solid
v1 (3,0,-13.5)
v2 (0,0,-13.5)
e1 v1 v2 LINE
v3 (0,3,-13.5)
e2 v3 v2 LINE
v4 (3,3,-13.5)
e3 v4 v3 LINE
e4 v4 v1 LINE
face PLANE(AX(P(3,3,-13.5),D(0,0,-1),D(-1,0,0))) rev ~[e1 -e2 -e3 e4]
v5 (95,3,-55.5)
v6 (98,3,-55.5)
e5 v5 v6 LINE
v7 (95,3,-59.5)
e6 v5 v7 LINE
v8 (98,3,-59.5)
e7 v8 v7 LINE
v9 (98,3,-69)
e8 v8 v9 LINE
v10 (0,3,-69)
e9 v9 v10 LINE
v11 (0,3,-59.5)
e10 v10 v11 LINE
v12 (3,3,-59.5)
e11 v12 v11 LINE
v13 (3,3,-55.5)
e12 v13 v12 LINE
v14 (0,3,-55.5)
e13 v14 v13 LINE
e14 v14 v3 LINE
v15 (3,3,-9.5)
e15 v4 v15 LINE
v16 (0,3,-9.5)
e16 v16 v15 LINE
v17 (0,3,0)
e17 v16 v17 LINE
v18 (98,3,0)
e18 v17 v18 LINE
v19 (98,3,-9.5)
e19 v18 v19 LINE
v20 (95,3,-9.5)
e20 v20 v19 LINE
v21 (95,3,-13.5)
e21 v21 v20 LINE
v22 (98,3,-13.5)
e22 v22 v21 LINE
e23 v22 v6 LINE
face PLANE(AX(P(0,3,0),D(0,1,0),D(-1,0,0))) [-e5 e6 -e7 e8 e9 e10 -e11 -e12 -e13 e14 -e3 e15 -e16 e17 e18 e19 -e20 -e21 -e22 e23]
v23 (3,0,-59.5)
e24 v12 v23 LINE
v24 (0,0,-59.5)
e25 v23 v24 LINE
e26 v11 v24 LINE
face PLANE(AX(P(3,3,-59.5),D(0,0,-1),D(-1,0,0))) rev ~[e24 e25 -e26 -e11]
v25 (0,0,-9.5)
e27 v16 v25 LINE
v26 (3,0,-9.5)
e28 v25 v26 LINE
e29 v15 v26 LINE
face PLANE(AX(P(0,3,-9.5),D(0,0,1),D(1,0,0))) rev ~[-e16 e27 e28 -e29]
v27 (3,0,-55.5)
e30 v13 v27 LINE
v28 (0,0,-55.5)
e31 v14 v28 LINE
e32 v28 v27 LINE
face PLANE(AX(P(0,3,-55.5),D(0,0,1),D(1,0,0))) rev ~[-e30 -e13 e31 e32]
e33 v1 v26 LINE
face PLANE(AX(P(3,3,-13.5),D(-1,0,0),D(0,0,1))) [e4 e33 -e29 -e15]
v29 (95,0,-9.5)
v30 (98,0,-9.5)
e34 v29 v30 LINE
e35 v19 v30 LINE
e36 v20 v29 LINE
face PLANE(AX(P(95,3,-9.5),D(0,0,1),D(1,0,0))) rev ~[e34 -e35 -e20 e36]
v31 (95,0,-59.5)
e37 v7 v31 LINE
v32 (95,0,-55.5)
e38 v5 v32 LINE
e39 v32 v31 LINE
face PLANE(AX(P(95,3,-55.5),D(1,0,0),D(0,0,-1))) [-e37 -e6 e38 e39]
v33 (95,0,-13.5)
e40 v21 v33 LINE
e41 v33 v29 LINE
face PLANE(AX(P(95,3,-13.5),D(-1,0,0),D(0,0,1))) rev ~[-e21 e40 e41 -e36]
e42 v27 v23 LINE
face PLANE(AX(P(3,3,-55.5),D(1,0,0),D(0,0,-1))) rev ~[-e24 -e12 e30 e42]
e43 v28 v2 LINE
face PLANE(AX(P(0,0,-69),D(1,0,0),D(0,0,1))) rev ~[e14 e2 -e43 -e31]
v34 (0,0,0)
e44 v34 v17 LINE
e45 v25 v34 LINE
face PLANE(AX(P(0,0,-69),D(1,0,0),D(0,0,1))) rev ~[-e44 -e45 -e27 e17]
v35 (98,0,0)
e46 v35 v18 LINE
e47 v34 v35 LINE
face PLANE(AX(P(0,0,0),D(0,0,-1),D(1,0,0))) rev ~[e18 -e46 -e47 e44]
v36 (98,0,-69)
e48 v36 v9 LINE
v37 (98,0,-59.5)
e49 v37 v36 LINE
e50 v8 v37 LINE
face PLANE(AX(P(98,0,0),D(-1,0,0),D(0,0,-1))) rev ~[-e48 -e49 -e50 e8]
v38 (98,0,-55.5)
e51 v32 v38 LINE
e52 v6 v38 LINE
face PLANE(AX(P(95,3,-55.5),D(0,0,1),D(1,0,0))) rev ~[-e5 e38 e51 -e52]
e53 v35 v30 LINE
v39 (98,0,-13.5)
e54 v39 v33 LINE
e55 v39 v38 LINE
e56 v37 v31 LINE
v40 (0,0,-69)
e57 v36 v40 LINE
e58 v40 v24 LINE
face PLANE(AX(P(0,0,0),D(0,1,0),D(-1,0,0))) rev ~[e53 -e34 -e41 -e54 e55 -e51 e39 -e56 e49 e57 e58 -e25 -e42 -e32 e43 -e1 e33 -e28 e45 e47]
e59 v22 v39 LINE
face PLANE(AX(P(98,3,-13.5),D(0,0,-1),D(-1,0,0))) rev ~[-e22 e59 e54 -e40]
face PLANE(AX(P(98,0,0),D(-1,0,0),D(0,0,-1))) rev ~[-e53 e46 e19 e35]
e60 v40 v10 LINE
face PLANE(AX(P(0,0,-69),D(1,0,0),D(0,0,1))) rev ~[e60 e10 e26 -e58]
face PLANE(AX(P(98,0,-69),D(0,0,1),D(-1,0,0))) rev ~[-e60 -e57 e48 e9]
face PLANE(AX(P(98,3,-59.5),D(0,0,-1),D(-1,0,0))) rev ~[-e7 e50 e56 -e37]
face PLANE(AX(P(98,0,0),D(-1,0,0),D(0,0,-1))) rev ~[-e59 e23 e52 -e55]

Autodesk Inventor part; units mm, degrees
ref_plane "YZ Plane" through (0, 0, 0) normal (1, 0, 0) x (0, 1, 0)
ref_plane "XZ Plane" through (0, 0, 0) normal (0, 1, 0) x (-1, 0, 0)
ref_plane "XY Plane" through (0, 0, 0) normal (0, 0, 1) x (1, 0, 0)
sketch "Sketch1" plane through (0, 0, 0) normal (0, 1, 0) x (-1, 0, 0)
  line L0 (0, 0) -> (-98, 0)
  line L1 (-98, 0) -> (-98, -69)
  line L2 (-98, -69) -> (0, -69)
  line L3 (0, -69) -> (0, 0)
  dimension "d0" = 98
  dimension "d1" = 69
extrude "Extrusion1" add sketch "Sketch1" along normal blind 3
sketch "Sketch2" plane through (0, 3, 0) normal (0, 1, 0) x (1, 0, 0)
  line L0 (0, 69) -> (0, 0) projected
  line L1 (0, 37) -> (9.5, 37)
  line L2 (9.5, 37) -> (9.5, 21)
  line L3 (9.5, 21) -> (0, 21)
  line L4 (0, 21) -> (0, 37)
  line L5 (98, 69) -> (0, 69) projected
  line L6 (57, 59.7224) -> (57, 18.4065)
  line L7 (114, 37) -> (104.5, 37)
  line L8 (104.5, 37) -> (104.5, 21)
  line L9 (104.5, 21) -> (114, 21)
  line L10 (114, 21) -> (114, 37)
  point P0 (9.5, 29)
  point P1 (104.5, 29)
  dimension "d4" = 9.5
  dimension "d5" = 16
  dimension "d6" = 8
  dimension "d7" = 40
  dimension "d8" = 57
sketch "Sketch3" plane through (0, 3, 0) normal (0, 1, 0) x (1, 0, 0)
  point P0 (0, 0)
sketch "Sketch4" plane through (0, 3, 0) normal (0, 1, 0) x (1, 0, 0)
  line L0 (9.5, 9.5) -> (104.5, 9.5)
  line L1 (104.5, 9.5) -> (104.5, 48.5)
  line L2 (104.5, 48.5) -> (9.5, 48.5)
  line L3 (9.5, 48.5) -> (9.5, 9.5)
  line L4 (98, 69) -> (0, 69) projected
  line L5 (14.5, 14) -> (99.5, 14)
  line L6 (99.5, 14) -> (99.5, 44)
  line L7 (99.5, 44) -> (14.5, 44)
  line L8 (14.5, 44) -> (14.5, 14)
  line L9 (98, 0) -> (98, 69) projected
  line L10 (104.5, 31) -> (104.5, 47) projected
  point P0 (0, 0)
  point P1 (1.7335, 29)
  point P2 (81.752, 29)
  point P3 (14.5, 29)
  point P4 (57, 14)
  point P5 (41, 5.8312)
  point P6 (114, 31)
  point P7 (57, 48.3096)
  point P8 (57, 9.5)
  dimension "d11" = 95
  dimension "d12" = 39
  dimension "d13" = 40
  dimension "d14" = 19.5
  dimension "d15" = 40
  dimension "d16" = 85
  dimension "d17" = 30
  dimension "d18" = 15
  dimension "d19" = 40
  dimension "d43" = 57
  dimension "d44" = 47.5
  dimension "d45" = 47.5
  dimension "d46" = 47.5
sketch "Sketch5" plane through (0, 3, 0) normal (0, 1, 0) x (1, 0, 0)
  line L0 (59.5, 9.5) -> (54.5, 9.5)
  line L1 (54.5, 9.5) -> (54.5, 6.5)
  line L2 (54.5, 6.5) -> (59.5, 6.5)
  line L3 (59.5, 6.5) -> (59.5, 9.5)
  line L4 (59.5, 9.5) -> (54.5, 6.5) construction
  line L5 (54.5, 9.5) -> (59.5, 6.5) construction
  line L6 (9.5, 9.5) -> (104.5, 9.5) projected
  line L7 (59.5, 48.5) -> (54.5, 48.5)
  line L8 (54.5, 48.5) -> (54.5, 51.5)
  line L9 (54.5, 51.5) -> (59.5, 51.5)
  line L10 (59.5, 51.5) -> (59.5, 48.5)
  line L11 (59.5, 48.5) -> (54.5, 51.5) construction
  line L12 (54.5, 48.5) -> (59.5, 51.5) construction
  line L13 (104.5, 48.5) -> (9.5, 48.5) projected
  point P0 (0, 0)
  point P1 (57, 8)
  point P2 (57, 50)
  dimension "d23" = 5
  dimension "d24" = 3
  dimension "d25" = 5
  dimension "d26" = 3
sketch "Sketch6" plane through (0, 3, 0) normal (0, 1, 0) x (1, 0, 0)
  line L0 (59.5895, 38.8648) -> (53.5895, 38.8648)
  line L1 (53.5895, 38.8648) -> (53.5895, 48.8648)
  line L2 (53.5895, 48.8648) -> (59.5895, 48.8648)
  line L3 (59.5895, 48.8648) -> (59.5895, 38.8648)
  line L4 (59.5895, 38.8648) -> (56.5895, 38.8648)
  line L5 (56.5895, 38.8648) -> (56.5895, 41.3648)
  line L6 (56.5895, 41.3648) -> (59.5895, 41.3648)
  line L7 (59.5895, 41.3648) -> (59.5895, 38.8648)
  line L8 (59.5895, 48.8648) -> (56.5895, 48.8648)
  line L9 (56.5895, 48.8648) -> (56.5895, 46.3648)
  line L10 (56.5895, 46.3648) -> (59.5895, 46.3648)
  line L11 (59.5895, 46.3648) -> (59.5895, 48.8648)
  line L12 (59.5895, 25.9829) -> (53.5895, 25.9829)
  line L13 (53.5895, 25.9829) -> (53.5895, 35.9829)
  line L14 (53.5895, 35.9829) -> (59.5895, 35.9829)
  line L15 (59.5895, 35.9829) -> (59.5895, 25.9829)
  line L16 (59.5895, 25.9829) -> (56.5895, 25.9829)
  line L17 (56.5895, 25.9829) -> (56.5895, 28.4829)
  line L18 (56.5895, 28.4829) -> (59.5895, 28.4829)
  line L19 (59.5895, 28.4829) -> (59.5895, 25.9829)
  line L20 (59.5895, 35.9829) -> (56.5895, 35.9829)
  line L21 (56.5895, 35.9829) -> (56.5895, 33.4829)
  line L22 (56.5895, 33.4829) -> (59.5895, 33.4829)
  line L23 (59.5895, 33.4829) -> (59.5895, 35.9829)
  point P0 (0, 0)
  dimension "d29" = 6
  dimension "d30" = 10
  dimension "d31" = 3
  dimension "d32" = 2.5
  dimension "d33" = 3
  dimension "d34" = 2.5
  dimension "d35" = 6
  dimension "d36" = 10
  dimension "d37" = 3
  dimension "d38" = 2.5
  dimension "d39" = 3
  dimension "d40" = 2.5
sketch "Sketch7" plane through (0, 3, 0) normal (0, 1, 0) x (1, 0, 0)
  line L0 (0, 69) -> (0, 0) projected
  line L1 (98, 69) -> (0, 69) projected
  line L2 (98, 54.5) -> (0, 54.5)
  line L3 (0, 54.5) -> (0, 14.5)
  line L4 (0, 14.5) -> (98, 14.5)
  line L5 (98, 14.5) -> (98, 54.5)
  line L6 (98, 54.5) -> (0, 14.5) construction
  line L7 (0, 54.5) -> (98, 14.5) construction
  line L8 (98, 0) -> (98, 69) projected
  line L9 (0, 14.5) -> (3, 14.5)
  line L10 (3, 14.5) -> (3, 8.5)
  line L11 (3, 8.5) -> (0, 8.5)
  line L12 (0, 8.5) -> (0, 14.5)
  line L13 (49, 34.5) -> (49, 46.5013)
  line L14 (49, 34.5) -> (61.4324, 34.5)
  line L15 (0, 54.5) -> (3, 54.5)
  line L16 (3, 54.5) -> (3, 60.5)
  line L17 (3, 60.5) -> (0, 60.5)
  line L18 (0, 60.5) -> (0, 54.5)
  line L19 (98, 54.5) -> (95, 54.5)
  line L20 (95, 54.5) -> (95, 60.5)
  line L21 (95, 60.5) -> (98, 60.5)
  line L22 (98, 60.5) -> (98, 54.5)
  line L23 (98, 14.5) -> (95, 14.5)
  line L24 (95, 14.5) -> (95, 8.5)
  line L25 (95, 8.5) -> (98, 8.5)
  line L26 (98, 8.5) -> (98, 14.5)
  line L27 (0, 55.5) -> (3, 55.5)
  line L28 (3, 55.5) -> (3, 59.5)
  line L29 (3, 59.5) -> (0, 59.5)
  line L30 (0, 59.5) -> (0, 55.5)
  line L31 (0, 55.5) -> (3, 59.5) construction
  line L32 (3, 55.5) -> (0, 59.5) construction
  line L33 (0, 9.5) -> (3, 9.5)
  line L34 (3, 9.5) -> (3, 13.5)
  line L35 (3, 13.5) -> (0, 13.5)
  line L36 (0, 13.5) -> (0, 9.5)
  line L37 (0, 9.5) -> (3, 13.5) construction
  line L38 (3, 9.5) -> (0, 13.5) construction
  line L39 (95, 55.5) -> (98, 55.5)
  line L40 (98, 55.5) -> (98, 59.5)
  line L41 (98, 59.5) -> (95, 59.5)
  line L42 (95, 59.5) -> (95, 55.5)
  line L43 (95, 55.5) -> (98, 59.5) construction
  line L44 (98, 55.5) -> (95, 59.5) construction
  line L45 (95, 9.5) -> (98, 9.5)
  line L46 (98, 9.5) -> (98, 13.5)
  line L47 (98, 13.5) -> (95, 13.5)
  line L48 (95, 13.5) -> (95, 9.5)
  line L49 (95, 9.5) -> (98, 13.5) construction
  line L50 (98, 9.5) -> (95, 13.5) construction
  point P0 (0, 34.5)
  point P1 (49, 69)
  point P2 (1.5, 57.5)
  point P3 (1.5, 11.5)
  point P4 (96.5, 57.5)
  point P5 (96.5, 11.5)
  dimension "d47" = 40
  dimension "d48" = 3
  dimension "d49" = 6
  dimension "d50" = 6
  dimension "d51" = 3
  dimension "d52" = 6
  dimension "d53" = 3
  dimension "d54" = 6
  dimension "d55" = 3
  dimension "d56" = 3
  dimension "d57" = 4
  dimension "d58" = 3
  dimension "d59" = 4
  dimension "d60" = 3
  dimension "d61" = 4
  dimension "d62" = 3
  dimension "d63" = 4
extrude "Extrusion6" cut sketch "Sketch7" against normal through all contours L29 L16 L27 L0 | L8 L39 L20 L41 | L35 L10 L33 L0 | L8 L45 L24 L47
equation "\"d6\" = 0.5 * d5"
equation "\"d14\" = 0.5 * d12"
equation "\"d15\" = d13"
equation "\"d18\" = 0.5 * d17"
equation "\"d19\" = d13"
equation "\"d46\" = d45"
properties part number "roof_v2"
